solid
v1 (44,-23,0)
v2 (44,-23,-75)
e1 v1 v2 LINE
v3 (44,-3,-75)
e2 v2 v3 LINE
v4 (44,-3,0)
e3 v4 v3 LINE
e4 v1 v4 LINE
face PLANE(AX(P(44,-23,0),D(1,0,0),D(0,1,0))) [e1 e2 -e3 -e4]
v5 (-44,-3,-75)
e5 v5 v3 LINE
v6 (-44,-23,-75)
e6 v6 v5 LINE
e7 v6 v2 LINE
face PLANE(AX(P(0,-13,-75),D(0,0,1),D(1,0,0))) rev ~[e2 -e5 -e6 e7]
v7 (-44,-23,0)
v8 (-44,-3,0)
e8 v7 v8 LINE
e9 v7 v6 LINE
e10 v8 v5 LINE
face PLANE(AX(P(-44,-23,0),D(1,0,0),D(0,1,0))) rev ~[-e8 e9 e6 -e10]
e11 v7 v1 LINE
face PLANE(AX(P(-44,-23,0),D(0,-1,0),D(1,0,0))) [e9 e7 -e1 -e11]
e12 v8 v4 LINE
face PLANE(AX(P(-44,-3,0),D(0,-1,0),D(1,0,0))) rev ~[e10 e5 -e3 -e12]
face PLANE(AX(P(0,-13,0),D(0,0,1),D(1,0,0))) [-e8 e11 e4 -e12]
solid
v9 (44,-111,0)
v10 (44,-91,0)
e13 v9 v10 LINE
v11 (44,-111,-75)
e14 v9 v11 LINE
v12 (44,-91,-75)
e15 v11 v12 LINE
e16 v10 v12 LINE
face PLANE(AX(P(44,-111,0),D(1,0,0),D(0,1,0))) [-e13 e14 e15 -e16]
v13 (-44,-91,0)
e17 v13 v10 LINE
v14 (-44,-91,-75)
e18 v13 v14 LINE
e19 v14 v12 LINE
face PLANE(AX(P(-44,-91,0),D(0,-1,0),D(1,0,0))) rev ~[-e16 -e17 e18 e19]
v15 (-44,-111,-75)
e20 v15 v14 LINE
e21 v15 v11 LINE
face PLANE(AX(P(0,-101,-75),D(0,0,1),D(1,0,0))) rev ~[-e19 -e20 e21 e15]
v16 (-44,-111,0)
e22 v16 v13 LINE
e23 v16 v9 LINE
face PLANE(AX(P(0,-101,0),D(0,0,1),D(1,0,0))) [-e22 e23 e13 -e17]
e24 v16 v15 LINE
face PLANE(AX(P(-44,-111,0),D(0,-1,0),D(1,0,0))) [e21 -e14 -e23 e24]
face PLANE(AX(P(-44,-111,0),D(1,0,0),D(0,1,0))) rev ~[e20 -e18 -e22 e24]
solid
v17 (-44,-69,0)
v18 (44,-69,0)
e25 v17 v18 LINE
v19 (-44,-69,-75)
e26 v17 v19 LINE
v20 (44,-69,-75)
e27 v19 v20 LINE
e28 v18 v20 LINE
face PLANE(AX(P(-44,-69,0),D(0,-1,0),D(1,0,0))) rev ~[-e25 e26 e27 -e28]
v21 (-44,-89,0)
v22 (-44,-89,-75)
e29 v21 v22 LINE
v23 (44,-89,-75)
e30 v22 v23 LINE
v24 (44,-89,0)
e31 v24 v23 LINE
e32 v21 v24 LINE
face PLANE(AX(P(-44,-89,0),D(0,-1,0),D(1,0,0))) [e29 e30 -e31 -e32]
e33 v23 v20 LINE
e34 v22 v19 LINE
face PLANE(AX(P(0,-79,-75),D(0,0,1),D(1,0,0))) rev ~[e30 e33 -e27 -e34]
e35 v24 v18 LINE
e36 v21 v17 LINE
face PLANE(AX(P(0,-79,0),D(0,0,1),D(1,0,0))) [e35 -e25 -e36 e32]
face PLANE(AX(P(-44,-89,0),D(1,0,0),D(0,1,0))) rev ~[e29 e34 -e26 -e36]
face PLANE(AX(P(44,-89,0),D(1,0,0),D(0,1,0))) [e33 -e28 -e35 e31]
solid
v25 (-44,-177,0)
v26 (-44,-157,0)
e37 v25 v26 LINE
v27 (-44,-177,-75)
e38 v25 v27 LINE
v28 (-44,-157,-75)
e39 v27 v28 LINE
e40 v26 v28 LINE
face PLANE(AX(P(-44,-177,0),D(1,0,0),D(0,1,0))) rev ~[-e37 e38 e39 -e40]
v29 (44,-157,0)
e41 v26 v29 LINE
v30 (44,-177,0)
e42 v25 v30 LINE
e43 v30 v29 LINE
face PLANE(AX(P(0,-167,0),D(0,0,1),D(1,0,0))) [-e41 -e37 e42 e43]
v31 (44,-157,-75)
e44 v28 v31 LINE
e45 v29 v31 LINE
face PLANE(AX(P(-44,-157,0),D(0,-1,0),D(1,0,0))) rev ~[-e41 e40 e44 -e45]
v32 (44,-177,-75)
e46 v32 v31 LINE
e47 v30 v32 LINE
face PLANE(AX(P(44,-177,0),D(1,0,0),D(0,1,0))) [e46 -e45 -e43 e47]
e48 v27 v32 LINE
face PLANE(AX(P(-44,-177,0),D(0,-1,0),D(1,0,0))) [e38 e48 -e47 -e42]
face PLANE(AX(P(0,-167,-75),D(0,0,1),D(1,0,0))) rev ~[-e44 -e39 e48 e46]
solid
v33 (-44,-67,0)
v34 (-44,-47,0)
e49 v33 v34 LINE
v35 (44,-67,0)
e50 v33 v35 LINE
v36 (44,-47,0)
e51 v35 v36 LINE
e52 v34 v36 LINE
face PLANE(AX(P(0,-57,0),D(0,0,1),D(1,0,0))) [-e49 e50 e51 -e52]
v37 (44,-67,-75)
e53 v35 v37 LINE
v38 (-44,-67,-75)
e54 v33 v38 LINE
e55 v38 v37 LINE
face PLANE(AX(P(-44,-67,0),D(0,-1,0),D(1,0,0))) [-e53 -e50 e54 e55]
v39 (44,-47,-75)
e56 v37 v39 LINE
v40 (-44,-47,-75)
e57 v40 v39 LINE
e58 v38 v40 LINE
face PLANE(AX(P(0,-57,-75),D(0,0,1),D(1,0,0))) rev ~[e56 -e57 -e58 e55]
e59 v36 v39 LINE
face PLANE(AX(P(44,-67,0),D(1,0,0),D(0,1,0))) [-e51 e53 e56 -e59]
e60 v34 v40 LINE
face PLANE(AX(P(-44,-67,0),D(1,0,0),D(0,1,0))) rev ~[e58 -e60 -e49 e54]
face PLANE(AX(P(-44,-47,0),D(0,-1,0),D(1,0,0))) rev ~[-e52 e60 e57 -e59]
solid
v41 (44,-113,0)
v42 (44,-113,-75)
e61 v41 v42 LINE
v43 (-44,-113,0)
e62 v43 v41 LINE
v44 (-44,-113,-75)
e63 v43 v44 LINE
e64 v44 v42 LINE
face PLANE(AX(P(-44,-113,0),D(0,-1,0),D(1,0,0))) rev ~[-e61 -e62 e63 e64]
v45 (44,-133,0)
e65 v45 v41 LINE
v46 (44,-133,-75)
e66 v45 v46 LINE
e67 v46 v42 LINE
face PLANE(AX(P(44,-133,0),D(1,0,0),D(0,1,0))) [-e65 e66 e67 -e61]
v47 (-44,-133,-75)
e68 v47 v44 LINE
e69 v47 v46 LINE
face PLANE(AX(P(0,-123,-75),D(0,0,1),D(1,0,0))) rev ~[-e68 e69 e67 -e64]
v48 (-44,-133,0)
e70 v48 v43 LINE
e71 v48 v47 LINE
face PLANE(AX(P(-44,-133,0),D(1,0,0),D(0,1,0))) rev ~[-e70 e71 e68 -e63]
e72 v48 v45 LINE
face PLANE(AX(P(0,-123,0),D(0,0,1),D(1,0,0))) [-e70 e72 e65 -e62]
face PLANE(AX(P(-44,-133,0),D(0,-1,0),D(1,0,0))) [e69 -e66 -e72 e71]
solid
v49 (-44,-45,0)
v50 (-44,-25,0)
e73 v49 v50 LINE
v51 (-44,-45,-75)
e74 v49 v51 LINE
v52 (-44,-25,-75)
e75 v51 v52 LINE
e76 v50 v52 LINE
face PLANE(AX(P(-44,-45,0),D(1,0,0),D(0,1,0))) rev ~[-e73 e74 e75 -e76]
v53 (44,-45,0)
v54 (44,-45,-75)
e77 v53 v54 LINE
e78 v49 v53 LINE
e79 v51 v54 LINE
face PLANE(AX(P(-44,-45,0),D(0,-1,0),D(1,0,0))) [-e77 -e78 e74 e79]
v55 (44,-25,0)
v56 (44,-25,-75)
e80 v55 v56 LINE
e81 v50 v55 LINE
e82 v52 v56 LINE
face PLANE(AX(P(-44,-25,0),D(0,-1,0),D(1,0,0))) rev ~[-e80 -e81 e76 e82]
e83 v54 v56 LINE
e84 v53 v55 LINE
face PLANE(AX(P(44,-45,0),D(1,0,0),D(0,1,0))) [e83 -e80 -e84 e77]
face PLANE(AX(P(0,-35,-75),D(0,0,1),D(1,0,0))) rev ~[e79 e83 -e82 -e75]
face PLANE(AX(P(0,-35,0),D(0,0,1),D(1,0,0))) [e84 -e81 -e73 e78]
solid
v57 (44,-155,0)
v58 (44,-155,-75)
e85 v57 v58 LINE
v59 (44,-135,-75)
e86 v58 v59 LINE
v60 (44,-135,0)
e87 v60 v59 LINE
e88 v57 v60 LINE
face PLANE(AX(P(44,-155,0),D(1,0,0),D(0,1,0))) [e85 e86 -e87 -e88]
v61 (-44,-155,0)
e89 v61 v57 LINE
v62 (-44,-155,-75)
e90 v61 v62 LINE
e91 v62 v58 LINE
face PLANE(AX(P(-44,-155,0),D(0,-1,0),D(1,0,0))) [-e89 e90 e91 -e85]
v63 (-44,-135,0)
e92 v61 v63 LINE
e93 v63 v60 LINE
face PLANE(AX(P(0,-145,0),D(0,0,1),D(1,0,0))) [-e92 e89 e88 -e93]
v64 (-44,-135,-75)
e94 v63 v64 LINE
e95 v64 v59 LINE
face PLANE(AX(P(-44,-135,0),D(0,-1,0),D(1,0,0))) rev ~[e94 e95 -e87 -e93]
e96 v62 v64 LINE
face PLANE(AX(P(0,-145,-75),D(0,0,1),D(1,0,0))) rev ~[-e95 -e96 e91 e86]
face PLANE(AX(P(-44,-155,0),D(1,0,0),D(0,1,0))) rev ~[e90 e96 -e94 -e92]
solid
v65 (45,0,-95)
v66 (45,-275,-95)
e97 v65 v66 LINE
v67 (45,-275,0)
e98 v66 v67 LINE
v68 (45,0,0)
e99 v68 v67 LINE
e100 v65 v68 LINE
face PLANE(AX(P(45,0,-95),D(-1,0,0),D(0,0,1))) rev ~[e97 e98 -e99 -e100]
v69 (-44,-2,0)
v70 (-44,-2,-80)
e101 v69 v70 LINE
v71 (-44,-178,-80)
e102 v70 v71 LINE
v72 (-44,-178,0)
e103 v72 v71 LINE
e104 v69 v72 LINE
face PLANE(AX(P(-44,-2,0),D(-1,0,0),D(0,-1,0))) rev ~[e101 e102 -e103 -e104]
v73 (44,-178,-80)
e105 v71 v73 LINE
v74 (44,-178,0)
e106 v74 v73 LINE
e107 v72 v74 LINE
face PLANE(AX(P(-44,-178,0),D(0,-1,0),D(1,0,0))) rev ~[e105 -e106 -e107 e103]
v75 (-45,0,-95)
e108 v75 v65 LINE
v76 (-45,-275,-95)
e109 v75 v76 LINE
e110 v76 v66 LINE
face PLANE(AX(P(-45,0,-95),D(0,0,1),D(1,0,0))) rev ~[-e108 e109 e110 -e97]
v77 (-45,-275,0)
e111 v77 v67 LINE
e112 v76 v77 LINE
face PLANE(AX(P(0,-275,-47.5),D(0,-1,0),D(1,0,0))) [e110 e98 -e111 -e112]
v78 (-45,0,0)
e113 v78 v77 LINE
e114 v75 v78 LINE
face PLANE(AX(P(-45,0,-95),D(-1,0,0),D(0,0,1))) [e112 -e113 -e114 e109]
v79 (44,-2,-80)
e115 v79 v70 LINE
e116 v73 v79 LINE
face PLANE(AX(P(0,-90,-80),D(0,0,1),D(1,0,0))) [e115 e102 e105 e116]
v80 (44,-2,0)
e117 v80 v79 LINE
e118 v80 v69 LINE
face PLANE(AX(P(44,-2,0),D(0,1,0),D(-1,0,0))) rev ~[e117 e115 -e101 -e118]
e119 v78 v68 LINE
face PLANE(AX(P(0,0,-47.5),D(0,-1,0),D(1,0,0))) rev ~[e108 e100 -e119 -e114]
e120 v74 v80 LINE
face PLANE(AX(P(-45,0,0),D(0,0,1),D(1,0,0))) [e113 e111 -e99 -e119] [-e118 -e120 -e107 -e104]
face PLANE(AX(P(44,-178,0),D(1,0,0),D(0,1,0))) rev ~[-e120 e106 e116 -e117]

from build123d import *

# Parameters (mm, degrees)
F0_W     = 90
F0_H     = 95
F1_DEPTH = 275
F3_DEPTH = 80
F4_W     = 88
F4_H     = 20
F5_DEPTH = 75


with BuildPart() as f1:
    # F0 (on Front) → F1 (new body)
    with BuildSketch(Plane.XZ):
        with Locations((0, -47.5)):
            Rectangle(F0_W, F0_H)
    extrude(amount=F1_DEPTH)

    # F2 (on face) → F3 (cut)
    with BuildSketch(Plane.XY):
        Polygon((44, -2), (-44, -2), (-44, -24), (-44, -46), (-44, -68), (-44, -90), (-44, -112), (-44, -134), (-44, -156), (-44, -178), (44, -178), (44, -156), (44, -134), (44, -112), (44, -90), (44, -68), (44, -46), (44, -24), align=None)
    extrude(amount=-F3_DEPTH, mode=Mode.SUBTRACT)


with BuildPart() as f5:
    # F4 (on Top) → F5 (new body)
    with BuildSketch(Plane.XY):
        with Locations((0, -13)):
            Rectangle(F4_W, F4_H)
        with Locations((0, -35)):
            Rectangle(F4_W, F4_H)
        with Locations((0, -57)):
            Rectangle(F4_W, F4_H)
        with Locations((0, -79)):
            Rectangle(F4_W, F4_H)
        with Locations((0, -101)):
            Rectangle(F4_W, F4_H)
        with Locations((0, -123)):
            Rectangle(F4_W, F4_H)
        with Locations((0, -145)):
            Rectangle(F4_W, F4_H)
        with Locations((0, -167)):
            Rectangle(F4_W, F4_H)
    extrude(amount=-F5_DEPTH)


solid = Compound([f1.part, f5.part])
